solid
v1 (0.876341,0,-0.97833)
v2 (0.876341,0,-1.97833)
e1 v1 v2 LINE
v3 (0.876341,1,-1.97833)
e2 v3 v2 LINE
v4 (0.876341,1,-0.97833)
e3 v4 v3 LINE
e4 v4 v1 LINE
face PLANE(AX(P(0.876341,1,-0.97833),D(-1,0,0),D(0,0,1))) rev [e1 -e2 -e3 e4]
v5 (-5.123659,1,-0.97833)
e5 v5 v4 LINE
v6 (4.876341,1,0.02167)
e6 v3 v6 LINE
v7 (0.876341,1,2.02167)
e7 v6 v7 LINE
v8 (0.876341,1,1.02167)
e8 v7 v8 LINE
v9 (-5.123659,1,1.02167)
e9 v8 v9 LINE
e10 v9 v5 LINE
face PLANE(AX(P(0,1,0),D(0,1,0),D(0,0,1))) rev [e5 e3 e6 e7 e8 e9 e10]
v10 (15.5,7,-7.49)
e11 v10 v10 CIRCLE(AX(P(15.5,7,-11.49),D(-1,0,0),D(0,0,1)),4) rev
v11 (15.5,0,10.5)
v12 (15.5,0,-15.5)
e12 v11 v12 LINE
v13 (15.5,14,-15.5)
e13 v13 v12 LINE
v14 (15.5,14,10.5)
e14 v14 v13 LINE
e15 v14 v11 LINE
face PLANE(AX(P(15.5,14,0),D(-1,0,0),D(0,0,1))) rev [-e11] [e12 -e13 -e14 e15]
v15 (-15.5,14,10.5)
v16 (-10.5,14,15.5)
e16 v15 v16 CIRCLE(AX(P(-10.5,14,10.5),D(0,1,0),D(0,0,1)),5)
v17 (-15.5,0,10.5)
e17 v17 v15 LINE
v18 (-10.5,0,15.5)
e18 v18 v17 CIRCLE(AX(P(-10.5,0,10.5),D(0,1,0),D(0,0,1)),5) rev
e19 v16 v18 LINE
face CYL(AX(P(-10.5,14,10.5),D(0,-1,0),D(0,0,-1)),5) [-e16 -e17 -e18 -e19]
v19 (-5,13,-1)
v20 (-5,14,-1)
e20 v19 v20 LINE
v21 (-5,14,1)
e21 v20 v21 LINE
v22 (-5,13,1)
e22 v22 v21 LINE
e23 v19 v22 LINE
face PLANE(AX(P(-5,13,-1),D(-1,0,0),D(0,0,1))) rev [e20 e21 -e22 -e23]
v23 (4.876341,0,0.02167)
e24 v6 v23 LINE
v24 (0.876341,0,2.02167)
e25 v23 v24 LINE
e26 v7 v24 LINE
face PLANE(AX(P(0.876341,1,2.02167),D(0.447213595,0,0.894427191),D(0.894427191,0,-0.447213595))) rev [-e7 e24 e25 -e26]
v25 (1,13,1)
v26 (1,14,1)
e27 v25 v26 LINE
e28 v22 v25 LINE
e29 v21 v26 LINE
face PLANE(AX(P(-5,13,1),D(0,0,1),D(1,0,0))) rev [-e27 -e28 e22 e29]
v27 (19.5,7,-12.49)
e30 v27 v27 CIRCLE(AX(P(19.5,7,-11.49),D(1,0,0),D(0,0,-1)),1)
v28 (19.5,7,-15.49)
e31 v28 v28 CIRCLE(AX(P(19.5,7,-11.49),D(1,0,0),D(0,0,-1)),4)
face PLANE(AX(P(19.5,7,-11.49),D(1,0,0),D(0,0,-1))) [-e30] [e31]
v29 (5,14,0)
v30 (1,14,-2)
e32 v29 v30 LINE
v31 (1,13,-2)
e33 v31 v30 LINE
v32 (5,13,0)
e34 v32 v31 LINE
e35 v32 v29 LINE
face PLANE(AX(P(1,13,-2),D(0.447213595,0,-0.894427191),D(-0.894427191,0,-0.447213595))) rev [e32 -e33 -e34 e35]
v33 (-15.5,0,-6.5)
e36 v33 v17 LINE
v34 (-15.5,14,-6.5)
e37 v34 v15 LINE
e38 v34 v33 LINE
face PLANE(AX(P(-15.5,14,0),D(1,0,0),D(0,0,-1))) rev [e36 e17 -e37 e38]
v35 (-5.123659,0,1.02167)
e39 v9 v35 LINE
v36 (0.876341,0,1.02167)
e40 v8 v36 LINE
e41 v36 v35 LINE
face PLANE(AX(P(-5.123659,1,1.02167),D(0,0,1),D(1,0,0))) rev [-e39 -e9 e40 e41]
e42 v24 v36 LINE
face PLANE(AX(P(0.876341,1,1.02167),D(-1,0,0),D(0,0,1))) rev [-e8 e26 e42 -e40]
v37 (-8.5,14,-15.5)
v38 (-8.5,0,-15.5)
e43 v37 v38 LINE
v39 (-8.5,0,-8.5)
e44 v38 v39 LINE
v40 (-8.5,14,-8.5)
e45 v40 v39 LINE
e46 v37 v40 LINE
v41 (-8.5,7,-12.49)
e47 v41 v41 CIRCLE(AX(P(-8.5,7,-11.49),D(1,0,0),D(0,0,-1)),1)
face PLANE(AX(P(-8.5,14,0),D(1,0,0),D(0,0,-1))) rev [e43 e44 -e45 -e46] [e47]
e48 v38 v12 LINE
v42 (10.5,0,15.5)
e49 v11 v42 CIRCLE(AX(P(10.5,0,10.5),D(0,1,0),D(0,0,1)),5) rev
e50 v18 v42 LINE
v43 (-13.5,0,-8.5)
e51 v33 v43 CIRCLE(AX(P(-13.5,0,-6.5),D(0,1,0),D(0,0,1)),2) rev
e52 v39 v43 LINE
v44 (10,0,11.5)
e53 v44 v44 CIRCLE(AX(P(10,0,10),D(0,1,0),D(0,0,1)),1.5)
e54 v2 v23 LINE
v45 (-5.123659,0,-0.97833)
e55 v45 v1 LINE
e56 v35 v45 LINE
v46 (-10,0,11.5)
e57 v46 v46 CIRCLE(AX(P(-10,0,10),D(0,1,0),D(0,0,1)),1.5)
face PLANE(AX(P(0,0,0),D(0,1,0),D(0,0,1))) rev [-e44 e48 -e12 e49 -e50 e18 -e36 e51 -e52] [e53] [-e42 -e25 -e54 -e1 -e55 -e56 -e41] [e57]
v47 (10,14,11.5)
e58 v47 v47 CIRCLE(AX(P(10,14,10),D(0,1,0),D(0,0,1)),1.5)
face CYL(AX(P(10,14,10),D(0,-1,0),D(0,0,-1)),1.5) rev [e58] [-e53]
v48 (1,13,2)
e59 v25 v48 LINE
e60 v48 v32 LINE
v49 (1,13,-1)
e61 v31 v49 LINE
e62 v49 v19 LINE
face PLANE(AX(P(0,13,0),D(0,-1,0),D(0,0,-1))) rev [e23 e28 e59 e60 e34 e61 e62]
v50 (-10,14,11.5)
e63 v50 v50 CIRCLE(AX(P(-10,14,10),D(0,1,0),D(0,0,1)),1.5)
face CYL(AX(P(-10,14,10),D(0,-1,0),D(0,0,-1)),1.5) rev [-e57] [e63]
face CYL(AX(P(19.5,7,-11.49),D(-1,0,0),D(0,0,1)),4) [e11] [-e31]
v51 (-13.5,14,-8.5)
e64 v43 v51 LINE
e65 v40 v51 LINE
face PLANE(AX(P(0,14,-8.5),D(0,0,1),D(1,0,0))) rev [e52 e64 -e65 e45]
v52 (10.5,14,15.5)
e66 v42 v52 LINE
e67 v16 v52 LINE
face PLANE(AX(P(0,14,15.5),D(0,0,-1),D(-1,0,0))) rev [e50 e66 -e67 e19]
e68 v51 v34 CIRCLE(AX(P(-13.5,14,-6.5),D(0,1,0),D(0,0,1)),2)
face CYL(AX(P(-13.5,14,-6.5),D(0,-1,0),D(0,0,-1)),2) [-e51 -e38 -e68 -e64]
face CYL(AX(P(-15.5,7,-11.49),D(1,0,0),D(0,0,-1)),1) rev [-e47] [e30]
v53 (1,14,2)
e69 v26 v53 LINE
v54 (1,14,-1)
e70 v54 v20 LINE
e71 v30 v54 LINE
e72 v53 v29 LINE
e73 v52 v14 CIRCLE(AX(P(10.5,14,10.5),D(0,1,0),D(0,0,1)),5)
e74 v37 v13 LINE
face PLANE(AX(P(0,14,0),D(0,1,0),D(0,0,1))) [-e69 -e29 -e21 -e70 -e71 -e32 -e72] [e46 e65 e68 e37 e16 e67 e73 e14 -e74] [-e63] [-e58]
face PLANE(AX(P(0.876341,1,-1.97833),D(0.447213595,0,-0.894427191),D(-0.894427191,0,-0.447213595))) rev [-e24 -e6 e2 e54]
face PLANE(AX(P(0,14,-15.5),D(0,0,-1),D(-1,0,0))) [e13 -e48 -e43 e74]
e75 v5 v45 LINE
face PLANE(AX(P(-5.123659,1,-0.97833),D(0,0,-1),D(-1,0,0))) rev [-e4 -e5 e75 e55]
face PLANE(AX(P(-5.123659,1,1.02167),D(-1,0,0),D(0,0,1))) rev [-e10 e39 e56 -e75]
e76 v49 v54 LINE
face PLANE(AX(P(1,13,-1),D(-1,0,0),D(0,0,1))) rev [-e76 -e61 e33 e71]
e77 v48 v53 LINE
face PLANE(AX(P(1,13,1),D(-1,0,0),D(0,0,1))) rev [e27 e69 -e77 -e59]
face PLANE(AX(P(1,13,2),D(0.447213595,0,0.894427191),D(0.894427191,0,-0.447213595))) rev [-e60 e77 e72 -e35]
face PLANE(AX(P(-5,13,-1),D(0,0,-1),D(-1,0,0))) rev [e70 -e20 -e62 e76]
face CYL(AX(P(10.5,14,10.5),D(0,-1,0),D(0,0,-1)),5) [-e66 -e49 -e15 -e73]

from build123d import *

# Parameters (mm, degrees)
ESBO_O1_R                  = 1.5
RESSALTO_EXTRUS_O1_DEPTH   = 14
FILETE4_R                  = 5
FILETE5_R                  = 2
ESBO_O5_R                  = 4
RESSALTO_EXTRUS_O4_DEPTH   = 4
ESBO_O6_R                  = 1
CORTE_EXTRUS_O3_DEPTH      = 5
CORTE_EXTRUS_O3_DEPTH_BACK = 32
CORTE_EXTRUS_O4_DEPTH      = 1
CORTE_EXTRUS_O5_DEPTH      = 1


with BuildPart() as part:
    # Esboço1 → Ressalto-extrusão1 (new body)
    with BuildSketch(Plane(origin=(0, 0, 0), x_dir=(1, 0, 0), z_dir=(0, 1, 0))):
        Polygon((15.5, 15.5), (-8.5, 15.5), (-8.5, 8.5), (-15.5, 8.5), (-15.5, -15.5), (15.5, -15.5), align=None)
        with Locations((-10, -10)):
            Circle(ESBO_O1_R, mode=Mode.SUBTRACT)
        with Locations((10, -10)):
            Circle(ESBO_O1_R, mode=Mode.SUBTRACT)
    extrude(amount=RESSALTO_EXTRUS_O1_DEPTH)

    # Filete4
    filete4_edges = [part.edges().sort_by_distance(p)[0] for p in [
        (15.5, 7, 15.5),
        (-15.5, 7, 15.5),
    ]]
    fillet(filete4_edges, radius=FILETE4_R)

    # Filete5
    filete5_edges = [part.edges().sort_by_distance(p)[0] for p in [
        (-15.5, 7, -8.5),
    ]]
    fillet(filete5_edges, radius=FILETE5_R)

    # Esboço5 → Ressalto-extrusão4 (add)
    with BuildSketch(Plane(origin=(15.5, 0, 0), x_dir=(0, 0, -1), z_dir=(1, 0, 0))):
        with Locations((11.49, 7)):
            Circle(ESBO_O5_R)
    extrude(amount=RESSALTO_EXTRUS_O4_DEPTH)

    # Esboço6 → Corte-extrusão3 (cut, two sides)
    with BuildSketch(Plane(origin=(15.5, 0, 0), x_dir=(0, 0, -1), z_dir=(1, 0, 0))) as corte_extrus_o3_sk:
        with Locations((11.49, 7)):
            Circle(ESBO_O6_R)
    extrude(amount=CORTE_EXTRUS_O3_DEPTH, mode=Mode.SUBTRACT)
    extrude(corte_extrus_o3_sk.sketch, amount=-CORTE_EXTRUS_O3_DEPTH_BACK, mode=Mode.SUBTRACT)

    # Esboço7 → Corte-extrusão4 (cut)
    with BuildSketch(Plane(origin=(0, 14, 0), x_dir=(1, 0, 0), z_dir=(0, 1, 0))):
        Polygon((-5, 1), (-5, -1), (1, -1), (1, -2), (5, 0), (1, 2), (1, 1), align=None)
    extrude(amount=-CORTE_EXTRUS_O4_DEPTH, mode=Mode.SUBTRACT)

    # Esboço9 → Corte-extrusão5 (cut)
    with BuildSketch(Plane.XZ):
        Polygon((-5.123658733, -0.978330013), (0.876341267, -0.978330013), (0.876341267, -1.978330013), (4.876341267, 0.021669987), (0.876341267, 2.021669987), (0.876341267, 1.021669987), (-5.123658733, 1.021669987), align=None)
    extrude(amount=-CORTE_EXTRUS_O5_DEPTH, mode=Mode.SUBTRACT)


solid = part.part
